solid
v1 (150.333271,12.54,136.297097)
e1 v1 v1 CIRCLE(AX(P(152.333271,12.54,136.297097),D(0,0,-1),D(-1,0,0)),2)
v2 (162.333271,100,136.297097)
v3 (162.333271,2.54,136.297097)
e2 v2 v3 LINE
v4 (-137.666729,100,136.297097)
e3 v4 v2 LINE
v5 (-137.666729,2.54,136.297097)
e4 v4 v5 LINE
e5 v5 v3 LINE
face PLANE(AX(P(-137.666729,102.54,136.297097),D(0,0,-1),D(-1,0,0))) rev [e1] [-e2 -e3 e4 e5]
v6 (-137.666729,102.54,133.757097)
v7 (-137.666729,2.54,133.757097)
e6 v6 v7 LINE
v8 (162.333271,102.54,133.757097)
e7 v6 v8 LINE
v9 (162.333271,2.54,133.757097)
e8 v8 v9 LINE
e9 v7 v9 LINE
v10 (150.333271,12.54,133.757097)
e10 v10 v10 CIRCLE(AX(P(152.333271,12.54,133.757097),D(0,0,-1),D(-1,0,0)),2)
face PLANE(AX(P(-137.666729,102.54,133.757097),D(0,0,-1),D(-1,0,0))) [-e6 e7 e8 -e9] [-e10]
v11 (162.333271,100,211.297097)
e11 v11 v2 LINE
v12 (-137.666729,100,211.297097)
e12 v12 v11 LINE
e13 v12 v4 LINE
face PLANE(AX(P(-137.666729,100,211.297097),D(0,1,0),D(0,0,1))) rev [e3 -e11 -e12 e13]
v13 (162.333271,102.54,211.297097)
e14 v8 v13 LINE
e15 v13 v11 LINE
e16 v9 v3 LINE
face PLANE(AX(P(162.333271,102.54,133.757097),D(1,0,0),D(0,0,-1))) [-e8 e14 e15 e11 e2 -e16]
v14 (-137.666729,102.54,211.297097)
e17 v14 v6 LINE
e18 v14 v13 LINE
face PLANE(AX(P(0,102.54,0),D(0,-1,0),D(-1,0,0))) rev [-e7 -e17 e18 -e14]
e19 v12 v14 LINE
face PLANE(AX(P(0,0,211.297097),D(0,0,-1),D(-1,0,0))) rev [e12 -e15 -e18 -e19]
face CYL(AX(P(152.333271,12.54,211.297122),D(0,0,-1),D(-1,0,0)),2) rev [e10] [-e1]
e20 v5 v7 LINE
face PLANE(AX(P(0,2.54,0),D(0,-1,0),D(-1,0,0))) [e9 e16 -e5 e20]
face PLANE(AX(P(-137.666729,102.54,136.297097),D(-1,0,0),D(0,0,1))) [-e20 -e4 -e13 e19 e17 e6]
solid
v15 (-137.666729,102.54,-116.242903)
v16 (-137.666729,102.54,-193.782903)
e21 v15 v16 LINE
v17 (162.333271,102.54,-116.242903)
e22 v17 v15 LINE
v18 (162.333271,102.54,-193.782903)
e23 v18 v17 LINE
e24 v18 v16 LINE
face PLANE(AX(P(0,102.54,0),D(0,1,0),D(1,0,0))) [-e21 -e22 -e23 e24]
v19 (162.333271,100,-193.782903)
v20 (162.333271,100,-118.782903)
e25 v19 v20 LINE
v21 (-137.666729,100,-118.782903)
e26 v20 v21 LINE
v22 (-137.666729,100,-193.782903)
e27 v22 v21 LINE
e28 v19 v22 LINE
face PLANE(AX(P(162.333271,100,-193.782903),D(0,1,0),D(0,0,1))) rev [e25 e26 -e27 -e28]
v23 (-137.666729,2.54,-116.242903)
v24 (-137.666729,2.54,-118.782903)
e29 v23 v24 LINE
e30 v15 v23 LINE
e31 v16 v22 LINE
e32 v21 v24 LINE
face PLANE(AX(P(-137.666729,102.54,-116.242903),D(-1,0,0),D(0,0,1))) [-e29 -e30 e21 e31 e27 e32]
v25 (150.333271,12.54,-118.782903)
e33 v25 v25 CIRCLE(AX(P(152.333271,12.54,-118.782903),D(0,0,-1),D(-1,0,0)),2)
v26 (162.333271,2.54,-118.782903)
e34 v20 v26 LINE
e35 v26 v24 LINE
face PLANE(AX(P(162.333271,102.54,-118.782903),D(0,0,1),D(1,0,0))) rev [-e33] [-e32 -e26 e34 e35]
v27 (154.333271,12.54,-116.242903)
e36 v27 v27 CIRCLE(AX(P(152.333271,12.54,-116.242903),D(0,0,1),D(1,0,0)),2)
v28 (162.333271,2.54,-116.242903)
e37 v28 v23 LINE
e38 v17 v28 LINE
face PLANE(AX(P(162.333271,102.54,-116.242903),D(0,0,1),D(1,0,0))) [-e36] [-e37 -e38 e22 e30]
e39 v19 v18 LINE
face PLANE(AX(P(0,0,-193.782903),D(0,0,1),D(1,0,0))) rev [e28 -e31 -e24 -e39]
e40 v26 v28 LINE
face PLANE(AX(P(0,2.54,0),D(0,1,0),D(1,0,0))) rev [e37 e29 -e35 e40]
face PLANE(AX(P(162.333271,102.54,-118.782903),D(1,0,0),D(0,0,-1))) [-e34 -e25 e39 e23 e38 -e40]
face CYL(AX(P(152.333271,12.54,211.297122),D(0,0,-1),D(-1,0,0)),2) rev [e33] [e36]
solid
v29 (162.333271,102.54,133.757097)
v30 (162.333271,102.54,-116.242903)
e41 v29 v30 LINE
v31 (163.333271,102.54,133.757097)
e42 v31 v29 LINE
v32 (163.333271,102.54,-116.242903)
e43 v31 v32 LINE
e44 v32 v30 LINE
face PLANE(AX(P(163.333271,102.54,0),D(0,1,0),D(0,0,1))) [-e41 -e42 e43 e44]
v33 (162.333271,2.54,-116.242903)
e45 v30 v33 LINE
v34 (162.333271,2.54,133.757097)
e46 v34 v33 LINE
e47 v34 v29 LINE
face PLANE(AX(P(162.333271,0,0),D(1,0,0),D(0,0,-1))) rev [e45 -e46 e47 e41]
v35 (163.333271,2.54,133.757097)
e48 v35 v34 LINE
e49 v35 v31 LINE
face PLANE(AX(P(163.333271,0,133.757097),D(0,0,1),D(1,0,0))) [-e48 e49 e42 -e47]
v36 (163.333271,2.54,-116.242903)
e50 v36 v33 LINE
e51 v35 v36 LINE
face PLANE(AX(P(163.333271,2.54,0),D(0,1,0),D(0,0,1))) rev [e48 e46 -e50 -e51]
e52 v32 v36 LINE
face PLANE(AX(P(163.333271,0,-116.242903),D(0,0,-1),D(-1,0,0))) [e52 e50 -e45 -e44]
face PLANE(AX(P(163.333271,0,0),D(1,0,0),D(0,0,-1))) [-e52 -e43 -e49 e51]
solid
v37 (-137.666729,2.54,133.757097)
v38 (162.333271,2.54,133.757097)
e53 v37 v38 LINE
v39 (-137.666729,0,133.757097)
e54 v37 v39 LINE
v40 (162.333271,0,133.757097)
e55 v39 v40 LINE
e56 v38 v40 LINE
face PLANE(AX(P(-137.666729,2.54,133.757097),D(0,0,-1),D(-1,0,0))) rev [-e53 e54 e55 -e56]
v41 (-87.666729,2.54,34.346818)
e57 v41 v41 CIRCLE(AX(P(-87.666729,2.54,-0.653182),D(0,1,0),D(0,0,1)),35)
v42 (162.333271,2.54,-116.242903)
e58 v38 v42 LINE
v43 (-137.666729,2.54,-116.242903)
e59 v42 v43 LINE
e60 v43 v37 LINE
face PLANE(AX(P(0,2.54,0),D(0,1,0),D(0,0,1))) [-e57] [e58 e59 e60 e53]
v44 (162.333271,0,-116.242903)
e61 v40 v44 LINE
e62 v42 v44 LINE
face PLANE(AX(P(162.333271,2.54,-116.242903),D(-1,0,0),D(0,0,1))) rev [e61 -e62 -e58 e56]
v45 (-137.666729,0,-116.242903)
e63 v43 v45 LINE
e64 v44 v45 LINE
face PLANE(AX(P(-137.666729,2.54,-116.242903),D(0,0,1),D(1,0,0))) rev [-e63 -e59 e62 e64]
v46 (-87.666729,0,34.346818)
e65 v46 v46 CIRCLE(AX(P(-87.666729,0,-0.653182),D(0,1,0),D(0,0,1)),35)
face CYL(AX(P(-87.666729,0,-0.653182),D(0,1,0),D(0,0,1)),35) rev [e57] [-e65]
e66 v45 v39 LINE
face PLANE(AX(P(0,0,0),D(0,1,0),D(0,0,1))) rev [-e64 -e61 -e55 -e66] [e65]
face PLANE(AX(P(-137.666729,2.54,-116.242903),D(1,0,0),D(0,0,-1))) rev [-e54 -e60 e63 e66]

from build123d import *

# Parameters (mm, degrees)
SKETCH1_W               = 300
SKETCH1_H               = 250
BOSS_EXTRUDE1_DEPTH     = 2.54
SKETCH2_W               = 300
SKETCH2_H               = 2.54
EXTRUDE_THIN1_DEPTH     = 100
EXTRUDE_THIN1_2_DEPTH   = 100
SKETCH3_W               = 300
SKETCH3_H               = 2.54
EXTRUDE_THIN2_DEPTH     = 75
SKETCH4_W               = 300
SKETCH4_H               = 2.54
EXTRUDE_THIN3_DEPTH     = 75
SKETCH5_R               = 2
CUT_EXTRUDE1_DEPTH      = 331.08
SKETCH7_W               = 250
SKETCH7_H               = 100
BOSS_EXTRUDE2_DEPTH     = 1
SKETCH8_R               = 35
CUT_EXTRUDE2_DEPTH      = 101
CUT_EXTRUDE2_DEPTH_BACK = 3.54


with BuildPart() as part:
    # Sketch1 → Boss-Extrude1 (new body)
    with BuildSketch(Plane(origin=(0, 0, 0), x_dir=(1, 0, 0), z_dir=(0, 1, 0))):
        with Locations((12.333270701, -8.757097239)):
            Rectangle(SKETCH1_W, SKETCH1_H)
    extrude(amount=BOSS_EXTRUDE1_DEPTH)

    # Sketch8 → Cut-Extrude2 (cut, two sides)
    with BuildSketch(Plane(origin=(0, 2.54, 0), x_dir=(1, 0, 0), z_dir=(0, 1, 0))) as cut_extrude2_sk:
        with Locations((-87.666729299, 0.65318235)):
            Circle(SKETCH8_R)
    extrude(amount=CUT_EXTRUDE2_DEPTH, mode=Mode.SUBTRACT)
    extrude(cut_extrude2_sk.sketch, amount=-CUT_EXTRUDE2_DEPTH_BACK, mode=Mode.SUBTRACT)


with BuildPart() as body_2:
    # Sketch2 → Extrude-Thin1 (new body)
    with BuildSketch(Plane(origin=(0, 2.54, 0), x_dir=(1, 0, 0), z_dir=(0, 1, 0))):
        with Locations((12.333270701, -135.027097239)):
            Rectangle(SKETCH2_W, SKETCH2_H)
    extrude(amount=EXTRUDE_THIN1_DEPTH)

    # Sketch4 → Extrude-Thin3 (add)
    with BuildSketch(Plane.XY.offset(136.297097239)):
        with Locations((12.333270701, 101.27)):
            Rectangle(SKETCH4_W, SKETCH4_H)
    extrude(amount=EXTRUDE_THIN3_DEPTH)


with BuildPart() as body_3:
    # Sketch2 → Extrude-Thin1 2 (new body)
    with BuildSketch(Plane(origin=(0, 2.54, 0), x_dir=(1, 0, 0), z_dir=(0, 1, 0))):
        with Locations((12.333270701, 117.512902761)):
            Rectangle(SKETCH2_W, SKETCH2_H)
    extrude(amount=EXTRUDE_THIN1_2_DEPTH)

    # Sketch3 → Extrude-Thin2 (add)
    with BuildSketch(Plane(origin=(0, 0, -118.782902761), x_dir=(-1, 0, 0), z_dir=(0, 0, -1))):
        with Locations((-12.333270701, 101.27)):
            Rectangle(SKETCH3_W, SKETCH3_H)
    extrude(amount=EXTRUDE_THIN2_DEPTH)


with BuildPart() as cut_extrude1_tool:
    # Sketch5 → Cut-Extrude1 (new body, through all)
    with BuildSketch(Plane(origin=(0, 0, -118.782902761), x_dir=(-1, 0, 0), z_dir=(0, 0, -1))):
        with Locations((-152.333270701, 12.54)):
            Circle(SKETCH5_R)
    extrude(amount=-CUT_EXTRUDE1_DEPTH)


with BuildPart() as body_2_1:
    add(body_2.part)

    # Cut-Extrude1: cut by cut_extrude1_tool
    add(cut_extrude1_tool.part, mode=Mode.SUBTRACT)


with BuildPart() as body_3_1:
    add(body_3.part)

    # Cut-Extrude1: cut by cut_extrude1_tool
    add(cut_extrude1_tool.part, mode=Mode.SUBTRACT)


with BuildPart() as body_4:
    # Sketch7 → Boss-Extrude2 (new body)
    with BuildSketch(Plane(origin=(162.333270701, 0, 0), x_dir=(0, 0, -1), z_dir=(1, 0, 0))):
        with Locations((-8.757097239, 52.54)):
            Rectangle(SKETCH7_W, SKETCH7_H)
    extrude(amount=BOSS_EXTRUDE2_DEPTH)


solid = Compound([part.part, body_2_1.part, body_3_1.part, body_4.part])
